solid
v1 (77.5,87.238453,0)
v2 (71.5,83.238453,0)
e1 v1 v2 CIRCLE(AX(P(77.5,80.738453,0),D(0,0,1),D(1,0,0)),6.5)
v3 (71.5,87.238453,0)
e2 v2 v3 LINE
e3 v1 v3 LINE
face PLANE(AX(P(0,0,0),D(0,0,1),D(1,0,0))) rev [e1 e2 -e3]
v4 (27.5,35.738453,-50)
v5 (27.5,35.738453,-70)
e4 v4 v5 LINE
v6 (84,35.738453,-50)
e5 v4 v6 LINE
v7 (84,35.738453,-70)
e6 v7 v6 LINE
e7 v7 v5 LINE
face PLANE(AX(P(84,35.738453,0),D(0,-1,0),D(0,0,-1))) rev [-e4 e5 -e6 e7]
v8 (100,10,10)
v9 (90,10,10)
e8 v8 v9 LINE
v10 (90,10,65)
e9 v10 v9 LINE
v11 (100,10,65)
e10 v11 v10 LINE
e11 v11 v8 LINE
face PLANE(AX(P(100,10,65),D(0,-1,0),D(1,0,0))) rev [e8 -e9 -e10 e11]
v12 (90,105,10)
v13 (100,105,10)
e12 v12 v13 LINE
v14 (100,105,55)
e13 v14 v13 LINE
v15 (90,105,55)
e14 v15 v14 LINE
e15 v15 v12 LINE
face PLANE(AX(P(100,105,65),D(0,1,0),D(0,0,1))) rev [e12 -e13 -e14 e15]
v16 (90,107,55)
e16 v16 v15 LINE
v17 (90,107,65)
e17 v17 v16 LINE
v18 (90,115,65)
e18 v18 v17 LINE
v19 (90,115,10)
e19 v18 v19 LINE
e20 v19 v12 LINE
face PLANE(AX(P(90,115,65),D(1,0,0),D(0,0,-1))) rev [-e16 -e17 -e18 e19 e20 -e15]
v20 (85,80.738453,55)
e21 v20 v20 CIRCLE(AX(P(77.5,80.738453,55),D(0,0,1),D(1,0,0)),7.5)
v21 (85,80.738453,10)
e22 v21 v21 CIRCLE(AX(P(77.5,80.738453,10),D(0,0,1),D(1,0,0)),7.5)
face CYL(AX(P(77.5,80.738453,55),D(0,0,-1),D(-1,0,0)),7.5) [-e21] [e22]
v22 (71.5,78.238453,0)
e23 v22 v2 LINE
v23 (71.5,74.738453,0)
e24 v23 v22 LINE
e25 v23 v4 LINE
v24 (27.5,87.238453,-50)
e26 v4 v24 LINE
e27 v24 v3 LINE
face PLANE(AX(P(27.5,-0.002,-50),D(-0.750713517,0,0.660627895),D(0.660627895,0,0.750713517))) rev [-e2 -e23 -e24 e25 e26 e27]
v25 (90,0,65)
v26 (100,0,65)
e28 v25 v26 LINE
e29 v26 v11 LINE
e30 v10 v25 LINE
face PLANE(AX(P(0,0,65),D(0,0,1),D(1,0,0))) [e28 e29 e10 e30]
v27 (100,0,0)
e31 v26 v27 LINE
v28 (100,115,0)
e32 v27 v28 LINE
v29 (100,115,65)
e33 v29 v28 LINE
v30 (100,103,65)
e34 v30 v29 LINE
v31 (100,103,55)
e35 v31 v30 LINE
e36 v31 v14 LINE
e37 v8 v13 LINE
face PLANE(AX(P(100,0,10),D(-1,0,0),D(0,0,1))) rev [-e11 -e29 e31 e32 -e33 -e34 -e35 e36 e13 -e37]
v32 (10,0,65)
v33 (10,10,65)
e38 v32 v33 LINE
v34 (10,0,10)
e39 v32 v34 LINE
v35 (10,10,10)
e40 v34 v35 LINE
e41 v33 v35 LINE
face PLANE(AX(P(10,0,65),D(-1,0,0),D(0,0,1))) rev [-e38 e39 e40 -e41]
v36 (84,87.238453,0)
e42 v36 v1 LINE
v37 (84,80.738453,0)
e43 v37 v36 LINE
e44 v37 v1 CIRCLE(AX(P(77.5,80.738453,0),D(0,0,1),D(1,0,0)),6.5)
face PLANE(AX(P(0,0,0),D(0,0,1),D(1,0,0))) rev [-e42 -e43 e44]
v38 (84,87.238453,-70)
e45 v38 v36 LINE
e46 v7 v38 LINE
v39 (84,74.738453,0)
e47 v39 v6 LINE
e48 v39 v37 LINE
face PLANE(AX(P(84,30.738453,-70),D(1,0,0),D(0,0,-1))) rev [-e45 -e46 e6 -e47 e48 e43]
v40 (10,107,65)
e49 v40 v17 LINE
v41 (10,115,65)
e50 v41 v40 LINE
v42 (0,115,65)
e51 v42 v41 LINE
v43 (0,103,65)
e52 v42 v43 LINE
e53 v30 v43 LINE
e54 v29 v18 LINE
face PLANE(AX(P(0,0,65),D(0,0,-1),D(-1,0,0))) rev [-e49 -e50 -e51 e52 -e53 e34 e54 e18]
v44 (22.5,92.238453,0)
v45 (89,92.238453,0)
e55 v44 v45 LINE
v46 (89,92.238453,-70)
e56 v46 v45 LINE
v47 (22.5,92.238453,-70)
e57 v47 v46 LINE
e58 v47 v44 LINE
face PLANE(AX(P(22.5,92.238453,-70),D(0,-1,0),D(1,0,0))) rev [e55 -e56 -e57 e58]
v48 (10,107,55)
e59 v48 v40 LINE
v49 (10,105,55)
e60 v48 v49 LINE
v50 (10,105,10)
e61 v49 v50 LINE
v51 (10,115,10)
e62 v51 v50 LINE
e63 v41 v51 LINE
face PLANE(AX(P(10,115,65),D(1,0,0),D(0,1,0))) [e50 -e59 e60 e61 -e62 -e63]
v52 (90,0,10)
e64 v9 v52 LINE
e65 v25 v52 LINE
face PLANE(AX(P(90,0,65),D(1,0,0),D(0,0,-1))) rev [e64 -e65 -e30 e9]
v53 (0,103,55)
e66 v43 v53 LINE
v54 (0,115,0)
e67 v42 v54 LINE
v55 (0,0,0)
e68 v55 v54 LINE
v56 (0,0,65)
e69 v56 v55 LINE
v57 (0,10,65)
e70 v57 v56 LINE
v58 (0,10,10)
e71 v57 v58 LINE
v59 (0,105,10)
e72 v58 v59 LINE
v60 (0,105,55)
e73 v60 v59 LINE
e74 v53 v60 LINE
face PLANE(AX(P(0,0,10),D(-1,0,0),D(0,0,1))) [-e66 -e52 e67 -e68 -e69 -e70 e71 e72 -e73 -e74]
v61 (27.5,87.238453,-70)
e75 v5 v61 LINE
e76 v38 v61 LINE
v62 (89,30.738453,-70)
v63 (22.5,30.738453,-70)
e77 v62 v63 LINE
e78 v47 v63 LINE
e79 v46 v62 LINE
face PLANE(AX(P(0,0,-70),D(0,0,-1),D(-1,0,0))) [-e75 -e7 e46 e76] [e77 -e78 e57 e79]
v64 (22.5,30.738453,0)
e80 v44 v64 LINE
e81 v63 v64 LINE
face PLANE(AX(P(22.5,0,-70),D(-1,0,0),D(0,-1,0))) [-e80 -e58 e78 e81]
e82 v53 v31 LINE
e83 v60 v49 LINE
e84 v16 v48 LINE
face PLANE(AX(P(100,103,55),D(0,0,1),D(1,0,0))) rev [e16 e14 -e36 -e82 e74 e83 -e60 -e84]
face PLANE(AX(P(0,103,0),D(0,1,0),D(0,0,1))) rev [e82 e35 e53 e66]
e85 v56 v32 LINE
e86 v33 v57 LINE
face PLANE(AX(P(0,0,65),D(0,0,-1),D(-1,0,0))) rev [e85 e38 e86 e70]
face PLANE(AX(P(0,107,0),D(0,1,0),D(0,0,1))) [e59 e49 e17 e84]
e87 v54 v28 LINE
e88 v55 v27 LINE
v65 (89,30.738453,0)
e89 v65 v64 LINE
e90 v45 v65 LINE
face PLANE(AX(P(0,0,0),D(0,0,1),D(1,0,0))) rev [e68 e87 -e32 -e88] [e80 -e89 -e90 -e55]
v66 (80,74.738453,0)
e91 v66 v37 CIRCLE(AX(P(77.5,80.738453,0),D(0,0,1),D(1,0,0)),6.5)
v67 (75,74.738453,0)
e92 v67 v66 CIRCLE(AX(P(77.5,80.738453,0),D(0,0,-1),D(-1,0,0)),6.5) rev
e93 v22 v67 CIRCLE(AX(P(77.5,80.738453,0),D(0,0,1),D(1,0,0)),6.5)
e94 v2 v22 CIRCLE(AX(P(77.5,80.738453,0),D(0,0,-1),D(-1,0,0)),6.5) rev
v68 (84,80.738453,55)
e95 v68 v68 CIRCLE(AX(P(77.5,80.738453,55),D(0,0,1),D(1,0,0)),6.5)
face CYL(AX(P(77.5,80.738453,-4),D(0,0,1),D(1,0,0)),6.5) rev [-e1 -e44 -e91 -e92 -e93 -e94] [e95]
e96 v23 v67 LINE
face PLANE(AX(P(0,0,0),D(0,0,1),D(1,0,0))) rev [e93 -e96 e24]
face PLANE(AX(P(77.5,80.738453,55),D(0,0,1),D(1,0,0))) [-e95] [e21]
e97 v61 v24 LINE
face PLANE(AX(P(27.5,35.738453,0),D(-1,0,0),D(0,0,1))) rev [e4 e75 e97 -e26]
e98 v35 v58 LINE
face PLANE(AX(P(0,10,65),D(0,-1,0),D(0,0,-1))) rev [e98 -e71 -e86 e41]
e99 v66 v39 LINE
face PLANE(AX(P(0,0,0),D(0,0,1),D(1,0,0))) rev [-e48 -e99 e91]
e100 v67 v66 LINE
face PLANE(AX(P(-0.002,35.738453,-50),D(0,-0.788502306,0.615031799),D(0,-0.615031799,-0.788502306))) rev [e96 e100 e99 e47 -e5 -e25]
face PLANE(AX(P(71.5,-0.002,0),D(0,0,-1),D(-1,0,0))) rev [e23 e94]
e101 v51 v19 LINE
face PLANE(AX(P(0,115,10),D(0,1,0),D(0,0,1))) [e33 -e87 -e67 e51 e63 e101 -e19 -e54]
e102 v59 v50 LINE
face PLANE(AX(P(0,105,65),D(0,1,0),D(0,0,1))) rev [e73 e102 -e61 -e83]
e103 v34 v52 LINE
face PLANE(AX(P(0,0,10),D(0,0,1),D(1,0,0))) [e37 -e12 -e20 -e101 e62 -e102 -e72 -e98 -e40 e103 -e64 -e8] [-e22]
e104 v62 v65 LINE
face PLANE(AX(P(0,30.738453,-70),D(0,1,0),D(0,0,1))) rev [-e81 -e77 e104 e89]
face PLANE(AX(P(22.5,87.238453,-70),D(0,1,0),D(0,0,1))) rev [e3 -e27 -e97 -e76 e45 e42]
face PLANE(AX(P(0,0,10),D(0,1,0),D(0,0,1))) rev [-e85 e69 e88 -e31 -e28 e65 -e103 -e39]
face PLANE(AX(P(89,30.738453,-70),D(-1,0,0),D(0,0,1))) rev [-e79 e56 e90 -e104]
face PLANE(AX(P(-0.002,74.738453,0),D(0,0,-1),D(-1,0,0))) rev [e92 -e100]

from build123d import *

# Parameters (mm, degrees)
ESQUISSE1_W             = 100
ESQUISSE1_H             = 115
BOSS_EXTRU_2_DEPTH      = 10
ESQUISSE2_W             = 10
ESQUISSE2_H             = 10
BOSS_EXTRU_8_DEPTH      = 55
ESQUISSE9_W             = 10
ESQUISSE9_H             = 10
BOSS_EXTRU_9_DEPTH      = 55
ESQUISSE10_W            = 10
ESQUISSE10_H            = 10
BOSS_EXTRU_10_DEPTH     = 55
ESQUISSE11_W            = 10
ESQUISSE11_H            = 10
BOSS_EXTRU_11_DEPTH     = 55
ESQUISSE14_W            = 100
ESQUISSE14_H            = 10
BOSS_EXTRU_12_DEPTH     = 2
ESQUISSE15_W            = 80
ESQUISSE15_H            = 10
BOSS_EXTRU_13_DEPTH     = 2
ESQUISSE16_R            = 7.5
BOSS_EXTRU_16_DEPTH     = 45
ESQUISSE17_R            = 6.5
ENL_V_MAT_EXTRU_1_DEPTH = 59
ESQUISSE18_W            = 5
ESQUISSE18_H            = 56.5
BOSS_EXTRU_17_DEPTH     = 70
ESQUISSE19_W            = 56.5
ESQUISSE19_H            = 5
BOSS_EXTRU_18_DEPTH     = 70
ESQUISSE21_W            = 5
ESQUISSE21_H            = 56.5
BOSS_EXTRU_19_DEPTH     = 70
ESQUISSE22_W            = 66.5
ESQUISSE22_H            = 5
BOSS_EXTRU_20_DEPTH     = 70
BOSS_EXTRU_21_DEPTH     = 70
ENL_V_MAT_EXTRU_2_DEPTH = 70
BOSS_EXTRU_26_REACH     = 89.238
BOSS_EXTRU_28_REACH     = 86


with BuildPart() as part:
    # Esquisse1 → Boss.-Extru.2 (new body)
    with BuildSketch(Plane.XY):
        with Locations((50, 57.5)):
            Rectangle(ESQUISSE1_W, ESQUISSE1_H)
    extrude(amount=BOSS_EXTRU_2_DEPTH)

    # Esquisse2 → Boss.-Extru.8 (add)
    with BuildSketch(Plane.XY.offset(10)):
        with Locations((5, 110)):
            Rectangle(ESQUISSE2_W, ESQUISSE2_H)
    extrude(amount=BOSS_EXTRU_8_DEPTH)

    # Esquisse9 → Boss.-Extru.9 (add)
    with BuildSketch(Plane.XY.offset(10)):
        with Locations((95, 110)):
            Rectangle(ESQUISSE9_W, ESQUISSE9_H)
    extrude(amount=BOSS_EXTRU_9_DEPTH)

    # Esquisse10 → Boss.-Extru.10 (add)
    with BuildSketch(Plane.XY.offset(10)):
        with Locations((5, 5)):
            Rectangle(ESQUISSE10_W, ESQUISSE10_H)
    extrude(amount=BOSS_EXTRU_10_DEPTH)

    # Esquisse11 → Boss.-Extru.11 (add)
    with BuildSketch(Plane.XY.offset(10)):
        with Locations((95, 5)):
            Rectangle(ESQUISSE11_W, ESQUISSE11_H)
    extrude(amount=BOSS_EXTRU_11_DEPTH)

    # Esquisse14 → Boss.-Extru.12 (add)
    with BuildSketch(Plane.XZ.offset(-105)):
        with Locations((50, 60)):
            Rectangle(ESQUISSE14_W, ESQUISSE14_H)
    extrude(amount=BOSS_EXTRU_12_DEPTH)

    # Esquisse15 → Boss.-Extru.13 (add)
    with BuildSketch(Plane(origin=(0, 105, 0), x_dir=(1, 0, 0), z_dir=(0, 1, 0))):
        with Locations((50, -60)):
            Rectangle(ESQUISSE15_W, ESQUISSE15_H)
    extrude(amount=BOSS_EXTRU_13_DEPTH)

    # Esquisse16 → Boss.-Extru.16 (add)
    with BuildSketch(Plane.XY.offset(10)):
        with Locations((77.5, 80.738453234)):
            Circle(ESQUISSE16_R)
    extrude(amount=BOSS_EXTRU_16_DEPTH)

    # Esquisse17 → Enlèv. mat.-Extru.1 (cut)
    with BuildSketch(Plane.XY.offset(55)):
        with Locations((77.5, 80.738453234)):
            Circle(ESQUISSE17_R)
    extrude(amount=-ENL_V_MAT_EXTRU_1_DEPTH, mode=Mode.SUBTRACT)

    # Esquisse18 → Boss.-Extru.17 (add)
    with BuildSketch(Plane(origin=(0, 0, 0), x_dir=(-1, 0, 0), z_dir=(0, 0, -1))):
        with Locations((-25, 58.988453234)):
            Rectangle(ESQUISSE18_W, ESQUISSE18_H)
    extrude(amount=BOSS_EXTRU_17_DEPTH)

    # Esquisse19 → Boss.-Extru.18 (add)
    with BuildSketch(Plane(origin=(0, 0, 0), x_dir=(-1, 0, 0), z_dir=(0, 0, -1))):
        with Locations((-55.75, 33.238453234)):
            Rectangle(ESQUISSE19_W, ESQUISSE19_H)
    extrude(amount=BOSS_EXTRU_18_DEPTH)

    # Esquisse21 → Boss.-Extru.19 (add)
    with BuildSketch(Plane(origin=(0, 0, 0), x_dir=(-1, 0, 0), z_dir=(0, 0, -1))):
        with Locations((-86.5, 58.988453234)):
            Rectangle(ESQUISSE21_W, ESQUISSE21_H)
    extrude(amount=BOSS_EXTRU_19_DEPTH)

    # Esquisse22 → Boss.-Extru.20 (add)
    with BuildSketch(Plane(origin=(0, 0, 0), x_dir=(-1, 0, 0), z_dir=(0, 0, -1))):
        with Locations((-55.75, 89.738453234)):
            Rectangle(ESQUISSE22_W, ESQUISSE22_H)
    extrude(amount=BOSS_EXTRU_20_DEPTH)

    # Esquisse26 → Boss.-Extru.21 (add)
    with BuildSketch(Plane(origin=(0, 0, -70), x_dir=(-1, 0, 0), z_dir=(0, 0, -1))):
        Polygon((-27.5, 87.238453234), (-84, 35.738453234), (-27.5, 35.738453234), align=None)
    extrude(amount=-BOSS_EXTRU_21_DEPTH)

    # Esquisse23 → Enlèv. mat.-Extru.2 (cut)
    with BuildSketch(Plane(origin=(0, 0, -70), x_dir=(-1, 0, 0), z_dir=(0, 0, -1))):
        Polygon((-27.5, 87.238453234), (-84, 35.738453234), (-27.5, 35.738453234), align=None)
    extrude(amount=-ENL_V_MAT_EXTRU_2_DEPTH, mode=Mode.SUBTRACT)

    # Esquisse24 → Boss.-Extru.26 (add, up to next)
    with BuildSketch(Plane.XZ.offset(-87.238453234), mode=Mode.PRIVATE) as boss_extru_26_sk1:
        Polygon((27.5, -50), (71.5, 0), (27.5, 0), align=None)
    boss_extru_26_tool1 = extrude(boss_extru_26_sk1.sketch, amount=BOSS_EXTRU_26_REACH, mode=Mode.PRIVATE) - part.part
    add(boss_extru_26_tool1.solids().sort_by_distance((42.166667, 87.238453, -16.666667))[0])

    # Esquisse29 → Boss.-Extru.28 (add, up to next)
    with BuildSketch(Plane.ZY.offset(-84), mode=Mode.PRIVATE) as boss_extru_28_sk1:
        Polygon((0, 35.738453234), (-50, 35.738453234), (0, 74.738453234), align=None)
    boss_extru_28_tool1 = extrude(boss_extru_28_sk1.sketch, amount=BOSS_EXTRU_28_REACH, mode=Mode.PRIVATE) - part.part
    add(boss_extru_28_tool1.solids().sort_by_distance((84, 48.738453, -16.666667))[0])


solid = part.part
